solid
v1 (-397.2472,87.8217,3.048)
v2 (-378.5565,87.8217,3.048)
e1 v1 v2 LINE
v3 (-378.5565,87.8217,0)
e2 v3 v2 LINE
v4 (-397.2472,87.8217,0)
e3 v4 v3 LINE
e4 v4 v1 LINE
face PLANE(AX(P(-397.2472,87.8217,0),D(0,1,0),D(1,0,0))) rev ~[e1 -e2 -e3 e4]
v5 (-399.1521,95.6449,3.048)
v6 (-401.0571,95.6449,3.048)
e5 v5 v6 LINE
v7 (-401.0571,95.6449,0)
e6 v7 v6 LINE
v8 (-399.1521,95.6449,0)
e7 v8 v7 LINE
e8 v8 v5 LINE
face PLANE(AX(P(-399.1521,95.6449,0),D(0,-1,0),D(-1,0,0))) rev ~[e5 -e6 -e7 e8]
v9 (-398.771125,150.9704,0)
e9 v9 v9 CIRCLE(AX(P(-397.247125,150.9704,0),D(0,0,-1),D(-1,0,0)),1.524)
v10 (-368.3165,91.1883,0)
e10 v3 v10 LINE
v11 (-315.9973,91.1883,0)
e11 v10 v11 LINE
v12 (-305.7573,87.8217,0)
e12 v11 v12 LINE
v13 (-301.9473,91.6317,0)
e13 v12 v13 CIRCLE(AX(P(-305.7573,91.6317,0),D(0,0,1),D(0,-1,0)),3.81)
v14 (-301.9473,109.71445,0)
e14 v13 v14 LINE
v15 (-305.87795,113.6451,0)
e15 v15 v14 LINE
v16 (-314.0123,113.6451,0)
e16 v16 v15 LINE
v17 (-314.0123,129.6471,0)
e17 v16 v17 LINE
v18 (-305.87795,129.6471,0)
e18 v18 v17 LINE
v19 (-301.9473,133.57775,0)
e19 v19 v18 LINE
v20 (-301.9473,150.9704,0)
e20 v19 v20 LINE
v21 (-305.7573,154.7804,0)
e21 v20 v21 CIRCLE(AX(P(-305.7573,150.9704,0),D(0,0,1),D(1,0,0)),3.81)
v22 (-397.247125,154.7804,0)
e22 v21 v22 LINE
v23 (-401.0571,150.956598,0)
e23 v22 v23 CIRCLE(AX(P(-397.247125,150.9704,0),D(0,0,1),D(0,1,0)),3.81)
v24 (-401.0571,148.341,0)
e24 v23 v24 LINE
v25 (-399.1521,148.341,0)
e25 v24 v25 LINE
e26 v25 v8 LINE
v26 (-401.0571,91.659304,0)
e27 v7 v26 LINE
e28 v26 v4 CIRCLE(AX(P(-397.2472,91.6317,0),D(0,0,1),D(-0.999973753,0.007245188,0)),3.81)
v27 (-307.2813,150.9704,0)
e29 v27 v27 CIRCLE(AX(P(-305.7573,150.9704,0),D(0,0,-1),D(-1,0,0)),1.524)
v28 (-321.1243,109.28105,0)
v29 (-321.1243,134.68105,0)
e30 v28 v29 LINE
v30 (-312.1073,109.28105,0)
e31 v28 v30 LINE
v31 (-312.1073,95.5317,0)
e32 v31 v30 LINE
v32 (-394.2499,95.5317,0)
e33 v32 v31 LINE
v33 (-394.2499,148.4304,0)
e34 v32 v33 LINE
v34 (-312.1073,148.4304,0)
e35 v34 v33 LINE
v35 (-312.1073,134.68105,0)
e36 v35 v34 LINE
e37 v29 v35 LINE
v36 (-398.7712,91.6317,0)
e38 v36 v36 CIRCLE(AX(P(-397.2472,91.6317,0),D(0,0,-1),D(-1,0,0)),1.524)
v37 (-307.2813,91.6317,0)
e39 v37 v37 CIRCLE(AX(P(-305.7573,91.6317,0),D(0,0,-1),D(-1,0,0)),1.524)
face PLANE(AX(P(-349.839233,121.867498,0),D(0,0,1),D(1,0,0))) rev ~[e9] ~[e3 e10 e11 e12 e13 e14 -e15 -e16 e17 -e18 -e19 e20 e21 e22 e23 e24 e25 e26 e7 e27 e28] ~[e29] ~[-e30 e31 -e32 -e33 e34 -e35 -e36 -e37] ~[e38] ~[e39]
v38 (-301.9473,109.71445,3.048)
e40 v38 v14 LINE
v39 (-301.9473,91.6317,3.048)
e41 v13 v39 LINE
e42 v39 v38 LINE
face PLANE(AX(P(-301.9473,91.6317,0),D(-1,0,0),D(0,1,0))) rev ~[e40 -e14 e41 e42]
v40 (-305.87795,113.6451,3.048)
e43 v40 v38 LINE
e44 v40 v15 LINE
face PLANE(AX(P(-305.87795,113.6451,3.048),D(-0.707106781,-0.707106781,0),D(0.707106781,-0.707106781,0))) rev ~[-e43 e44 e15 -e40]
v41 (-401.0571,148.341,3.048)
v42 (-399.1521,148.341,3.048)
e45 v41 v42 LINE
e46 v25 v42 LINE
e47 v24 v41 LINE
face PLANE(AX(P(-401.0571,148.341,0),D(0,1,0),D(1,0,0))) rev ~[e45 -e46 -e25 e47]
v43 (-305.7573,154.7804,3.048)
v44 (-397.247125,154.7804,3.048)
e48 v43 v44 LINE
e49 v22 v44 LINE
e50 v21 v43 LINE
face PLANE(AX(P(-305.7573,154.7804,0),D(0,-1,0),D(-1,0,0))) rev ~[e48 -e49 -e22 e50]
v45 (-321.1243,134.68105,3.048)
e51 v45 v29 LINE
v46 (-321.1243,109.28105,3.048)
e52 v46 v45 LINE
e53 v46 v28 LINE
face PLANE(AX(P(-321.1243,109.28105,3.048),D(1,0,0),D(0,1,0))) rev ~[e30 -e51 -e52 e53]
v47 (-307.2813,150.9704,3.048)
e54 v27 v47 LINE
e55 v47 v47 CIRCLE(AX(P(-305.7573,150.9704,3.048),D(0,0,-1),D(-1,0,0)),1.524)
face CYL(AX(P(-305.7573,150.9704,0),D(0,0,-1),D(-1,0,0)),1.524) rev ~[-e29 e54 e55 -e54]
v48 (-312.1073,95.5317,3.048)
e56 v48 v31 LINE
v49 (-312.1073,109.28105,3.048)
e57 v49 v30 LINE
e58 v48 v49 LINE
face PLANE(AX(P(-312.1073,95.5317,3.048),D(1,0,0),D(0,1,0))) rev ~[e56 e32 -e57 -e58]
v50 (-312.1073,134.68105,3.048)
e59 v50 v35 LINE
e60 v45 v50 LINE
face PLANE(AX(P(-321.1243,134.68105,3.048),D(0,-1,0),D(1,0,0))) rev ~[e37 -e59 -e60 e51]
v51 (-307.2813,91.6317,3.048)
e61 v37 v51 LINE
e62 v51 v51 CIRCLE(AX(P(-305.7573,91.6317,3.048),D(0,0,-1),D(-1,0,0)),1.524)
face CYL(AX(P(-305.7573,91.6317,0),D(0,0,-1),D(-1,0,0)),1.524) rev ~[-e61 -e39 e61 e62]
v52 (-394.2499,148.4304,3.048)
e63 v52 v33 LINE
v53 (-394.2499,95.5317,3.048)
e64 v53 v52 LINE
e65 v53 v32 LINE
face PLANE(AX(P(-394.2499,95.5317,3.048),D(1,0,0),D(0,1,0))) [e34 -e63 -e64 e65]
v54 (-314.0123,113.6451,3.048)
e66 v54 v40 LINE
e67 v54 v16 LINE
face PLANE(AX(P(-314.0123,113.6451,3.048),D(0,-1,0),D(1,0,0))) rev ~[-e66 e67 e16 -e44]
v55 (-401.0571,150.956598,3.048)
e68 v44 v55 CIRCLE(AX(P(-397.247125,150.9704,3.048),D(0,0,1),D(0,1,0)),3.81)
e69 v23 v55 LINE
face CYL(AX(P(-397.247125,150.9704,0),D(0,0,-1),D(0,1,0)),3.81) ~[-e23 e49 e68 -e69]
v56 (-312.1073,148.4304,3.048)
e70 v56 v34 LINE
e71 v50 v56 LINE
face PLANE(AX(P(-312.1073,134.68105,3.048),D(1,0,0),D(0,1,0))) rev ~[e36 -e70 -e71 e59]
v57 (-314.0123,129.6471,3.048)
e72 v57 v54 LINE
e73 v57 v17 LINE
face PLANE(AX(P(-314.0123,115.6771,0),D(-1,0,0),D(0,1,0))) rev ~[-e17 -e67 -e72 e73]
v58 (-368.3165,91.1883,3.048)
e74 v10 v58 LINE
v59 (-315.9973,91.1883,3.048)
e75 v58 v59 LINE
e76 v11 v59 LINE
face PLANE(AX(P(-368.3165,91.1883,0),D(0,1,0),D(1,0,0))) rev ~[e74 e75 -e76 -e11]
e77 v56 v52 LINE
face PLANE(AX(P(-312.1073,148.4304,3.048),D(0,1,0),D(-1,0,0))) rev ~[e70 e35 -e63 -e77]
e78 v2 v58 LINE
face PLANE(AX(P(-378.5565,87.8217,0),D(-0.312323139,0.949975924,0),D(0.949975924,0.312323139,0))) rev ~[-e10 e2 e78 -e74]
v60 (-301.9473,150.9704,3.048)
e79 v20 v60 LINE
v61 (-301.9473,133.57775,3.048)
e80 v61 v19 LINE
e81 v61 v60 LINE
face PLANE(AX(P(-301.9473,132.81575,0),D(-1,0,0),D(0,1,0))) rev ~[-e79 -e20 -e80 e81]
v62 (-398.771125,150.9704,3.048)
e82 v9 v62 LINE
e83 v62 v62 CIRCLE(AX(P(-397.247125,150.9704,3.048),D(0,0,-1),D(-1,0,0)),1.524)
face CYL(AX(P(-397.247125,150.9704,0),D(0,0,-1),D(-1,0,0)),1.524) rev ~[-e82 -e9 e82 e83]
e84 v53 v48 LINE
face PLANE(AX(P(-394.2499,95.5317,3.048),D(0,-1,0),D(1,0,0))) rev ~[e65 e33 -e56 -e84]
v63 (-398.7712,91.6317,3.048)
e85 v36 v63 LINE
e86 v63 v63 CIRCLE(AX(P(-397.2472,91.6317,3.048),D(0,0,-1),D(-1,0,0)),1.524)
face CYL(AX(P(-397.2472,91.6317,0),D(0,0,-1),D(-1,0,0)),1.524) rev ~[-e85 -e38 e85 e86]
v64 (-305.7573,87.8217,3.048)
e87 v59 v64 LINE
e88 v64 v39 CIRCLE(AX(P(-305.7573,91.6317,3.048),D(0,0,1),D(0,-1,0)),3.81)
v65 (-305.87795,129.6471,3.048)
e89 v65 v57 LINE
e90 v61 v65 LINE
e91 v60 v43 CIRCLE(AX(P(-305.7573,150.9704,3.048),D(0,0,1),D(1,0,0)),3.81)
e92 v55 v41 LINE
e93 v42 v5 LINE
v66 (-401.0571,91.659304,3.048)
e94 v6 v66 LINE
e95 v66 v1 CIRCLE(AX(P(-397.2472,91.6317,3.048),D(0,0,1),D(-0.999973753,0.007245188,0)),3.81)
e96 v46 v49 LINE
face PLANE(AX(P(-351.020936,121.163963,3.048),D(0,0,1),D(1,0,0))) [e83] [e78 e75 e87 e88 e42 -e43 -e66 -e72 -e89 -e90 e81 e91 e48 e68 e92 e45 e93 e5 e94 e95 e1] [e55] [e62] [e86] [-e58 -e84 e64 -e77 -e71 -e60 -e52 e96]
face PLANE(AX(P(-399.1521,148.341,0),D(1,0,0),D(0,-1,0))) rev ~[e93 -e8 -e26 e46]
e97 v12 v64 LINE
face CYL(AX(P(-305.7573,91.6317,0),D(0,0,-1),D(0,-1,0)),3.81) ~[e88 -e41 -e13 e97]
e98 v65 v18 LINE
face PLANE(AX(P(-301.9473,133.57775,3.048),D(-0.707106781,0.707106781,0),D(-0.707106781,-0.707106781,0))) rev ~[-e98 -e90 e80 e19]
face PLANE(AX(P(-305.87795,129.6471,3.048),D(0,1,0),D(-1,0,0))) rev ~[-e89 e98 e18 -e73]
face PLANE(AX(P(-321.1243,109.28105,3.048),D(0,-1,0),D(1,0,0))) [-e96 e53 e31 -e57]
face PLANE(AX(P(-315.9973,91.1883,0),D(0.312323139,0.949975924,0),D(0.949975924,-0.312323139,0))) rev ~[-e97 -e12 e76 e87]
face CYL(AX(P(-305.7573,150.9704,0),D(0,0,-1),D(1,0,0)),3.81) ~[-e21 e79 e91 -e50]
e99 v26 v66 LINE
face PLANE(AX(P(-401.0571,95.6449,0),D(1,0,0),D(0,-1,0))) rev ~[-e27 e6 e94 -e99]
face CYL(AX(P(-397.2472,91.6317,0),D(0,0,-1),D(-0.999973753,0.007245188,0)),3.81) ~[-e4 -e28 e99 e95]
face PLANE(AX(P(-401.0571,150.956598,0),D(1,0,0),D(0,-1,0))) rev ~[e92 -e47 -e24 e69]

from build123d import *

# Parameters (mm, degrees)
BOSS_EXTRUDE1_DEPTH = 3.048
SKETCH2_R           = 1.355900406
CUT_EXTRUDE1_DEPTH  = 430.898988368
SKETCH3_R           = 1.524
CUT_EXTRUDE2_DEPTH  = 430.898988368
CUT_EXTRUDE3_DEPTH  = 430.898988368
BOSS_EXTRUDE2_DEPTH = 3.048
SKETCH5_W           = 73.1256
SKETCH5_H           = 52.8987
SKETCH5_W_2         = 9.017
SKETCH5_H_2         = 13.74935
CUT_EXTRUDE4_DEPTH  = 430.898988368


with BuildPart() as part:
    # Sketch1 → Boss-Extrude1 (new body)
    with BuildSketch(Plane.XY):
        with BuildLine():
            Line((-309.8086, 128.8851), (-305.87795, 128.8851))
            Line((-305.87795, 128.8851), (-301.9473, 132.81575))
            Line((-301.9473, 132.81575), (-301.9473, 150.9704))
            ThreePointArc((-301.9473, 150.9704), (-303.063223164, 153.664476836), (-305.7573, 154.7804))
            Line((-305.7573, 154.7804), (-397.247125, 154.7804))
            ThreePointArc((-397.247125, 154.7804), (-399.946077222, 153.659592612), (-401.0571, 150.956597849))
            Line((-401.0571, 150.956597849), (-401.0571, 148.341))
            Line((-401.0571, 148.341), (-399.1521, 148.341))
            Line((-399.1521, 148.341), (-399.1521, 95.6449))
            Line((-399.1521, 95.6449), (-401.0571, 95.6449))
            Line((-401.0571, 95.6449), (-401.0571, 91.659304166))
            ThreePointArc((-401.0571, 91.659304166), (-399.951018769, 88.947400452), (-397.2472, 87.8217))
            Line((-397.2472, 87.8217), (-378.5565, 87.8217))
            Line((-378.5565, 87.8217), (-368.3165, 91.1883))
            Line((-368.3165, 91.1883), (-315.9973, 91.1883))
            Line((-315.9973, 91.1883), (-305.7573, 87.8217))
            ThreePointArc((-305.7573, 87.8217), (-303.063223164, 88.937623164), (-301.9473, 91.6317))
            Line((-301.9473, 91.6317), (-301.9473, 111.74645))
            Line((-301.9473, 111.74645), (-305.87795, 115.6771))
            Line((-305.87795, 115.6771), (-309.8086, 115.6771))
            Line((-309.8086, 115.6771), (-314.0123, 115.6771))
            Line((-314.0123, 115.6771), (-314.0123, 128.8851))
            Line((-314.0123, 128.8851), (-309.8086, 128.8851))
        make_face()
        Polygon((-395.3675, 92.9525), (-395.3675, 149.2432), (-309.8086, 149.2432), (-309.8086, 132.81575), (-318.2033, 132.81575), (-318.2033, 111.74645), (-309.8086, 111.74645), (-309.8086, 92.9525), align=None, mode=Mode.SUBTRACT)
    extrude(amount=BOSS_EXTRUDE1_DEPTH)

    # Sketch2 → Cut-Extrude1 (cut, through all)
    with BuildSketch(Plane(origin=(0, 0, 0), x_dir=(-1, 0, 0), z_dir=(0, 0, -1))):
        with Locations((305.7573, 150.9704)):
            Circle(SKETCH2_R)
        with Locations((397.247125, 150.9704)):
            Circle(SKETCH2_R)
        with Locations((397.2472, 91.6317)):
            Circle(SKETCH2_R)
        with Locations((305.7573, 91.6317)):
            Circle(SKETCH2_R)
    extrude(amount=-CUT_EXTRUDE1_DEPTH, mode=Mode.SUBTRACT)

    # Sketch3 → Cut-Extrude2 (cut, through all)
    with BuildSketch(Plane(origin=(0, 0, 0), x_dir=(-1, 0, 0), z_dir=(0, 0, -1))):
        with Locations((305.7573, 150.9704)):
            Circle(SKETCH3_R)
        with Locations((397.247125, 150.9704)):
            Circle(SKETCH3_R)
        with Locations((397.2472, 91.6317)):
            Circle(SKETCH3_R)
        with Locations((305.7573, 91.6317)):
            Circle(SKETCH3_R)
    extrude(amount=-CUT_EXTRUDE2_DEPTH, mode=Mode.SUBTRACT)

    # Sketch4 → Cut-Extrude3 (cut, through all)
    with BuildSketch(Plane.XY.offset(3.048)):
        Polygon((-301.9473, 133.57775), (-305.87795, 129.6471), (-314.0123, 129.6471), (-314.0123, 113.6451), (-305.87795, 113.6451), (-301.9473, 109.71445), align=None)
    extrude(amount=-CUT_EXTRUDE3_DEPTH, mode=Mode.SUBTRACT)

    # Sketch4<4> → Boss-Extrude2 (add)
    with BuildSketch(Plane.XY.offset(3.048)):
        Polygon((-318.2033, 111.74645), (-318.2033, 132.81575), (-309.8086, 132.81575), (-309.8086, 149.2432), (-395.3675, 149.2432), (-395.3675, 92.9525), (-309.8086, 92.9525), (-309.8086, 111.74645), align=None)
    extrude(amount=-BOSS_EXTRUDE2_DEPTH)

    # Sketch5 → Cut-Extrude4 (cut, through all)
    with BuildSketch(Plane.XY.offset(3.048)):
        with Locations((-357.6871, 121.98105)):
            Rectangle(SKETCH5_W, SKETCH5_H)
        with Locations((-316.6158, 141.555725)):
            Rectangle(SKETCH5_W_2, SKETCH5_H_2)
        with Locations((-316.6158, 102.406375)):
            Rectangle(SKETCH5_W_2, SKETCH5_H_2)
    extrude(amount=-CUT_EXTRUDE4_DEPTH, mode=Mode.SUBTRACT)


solid = part.part
